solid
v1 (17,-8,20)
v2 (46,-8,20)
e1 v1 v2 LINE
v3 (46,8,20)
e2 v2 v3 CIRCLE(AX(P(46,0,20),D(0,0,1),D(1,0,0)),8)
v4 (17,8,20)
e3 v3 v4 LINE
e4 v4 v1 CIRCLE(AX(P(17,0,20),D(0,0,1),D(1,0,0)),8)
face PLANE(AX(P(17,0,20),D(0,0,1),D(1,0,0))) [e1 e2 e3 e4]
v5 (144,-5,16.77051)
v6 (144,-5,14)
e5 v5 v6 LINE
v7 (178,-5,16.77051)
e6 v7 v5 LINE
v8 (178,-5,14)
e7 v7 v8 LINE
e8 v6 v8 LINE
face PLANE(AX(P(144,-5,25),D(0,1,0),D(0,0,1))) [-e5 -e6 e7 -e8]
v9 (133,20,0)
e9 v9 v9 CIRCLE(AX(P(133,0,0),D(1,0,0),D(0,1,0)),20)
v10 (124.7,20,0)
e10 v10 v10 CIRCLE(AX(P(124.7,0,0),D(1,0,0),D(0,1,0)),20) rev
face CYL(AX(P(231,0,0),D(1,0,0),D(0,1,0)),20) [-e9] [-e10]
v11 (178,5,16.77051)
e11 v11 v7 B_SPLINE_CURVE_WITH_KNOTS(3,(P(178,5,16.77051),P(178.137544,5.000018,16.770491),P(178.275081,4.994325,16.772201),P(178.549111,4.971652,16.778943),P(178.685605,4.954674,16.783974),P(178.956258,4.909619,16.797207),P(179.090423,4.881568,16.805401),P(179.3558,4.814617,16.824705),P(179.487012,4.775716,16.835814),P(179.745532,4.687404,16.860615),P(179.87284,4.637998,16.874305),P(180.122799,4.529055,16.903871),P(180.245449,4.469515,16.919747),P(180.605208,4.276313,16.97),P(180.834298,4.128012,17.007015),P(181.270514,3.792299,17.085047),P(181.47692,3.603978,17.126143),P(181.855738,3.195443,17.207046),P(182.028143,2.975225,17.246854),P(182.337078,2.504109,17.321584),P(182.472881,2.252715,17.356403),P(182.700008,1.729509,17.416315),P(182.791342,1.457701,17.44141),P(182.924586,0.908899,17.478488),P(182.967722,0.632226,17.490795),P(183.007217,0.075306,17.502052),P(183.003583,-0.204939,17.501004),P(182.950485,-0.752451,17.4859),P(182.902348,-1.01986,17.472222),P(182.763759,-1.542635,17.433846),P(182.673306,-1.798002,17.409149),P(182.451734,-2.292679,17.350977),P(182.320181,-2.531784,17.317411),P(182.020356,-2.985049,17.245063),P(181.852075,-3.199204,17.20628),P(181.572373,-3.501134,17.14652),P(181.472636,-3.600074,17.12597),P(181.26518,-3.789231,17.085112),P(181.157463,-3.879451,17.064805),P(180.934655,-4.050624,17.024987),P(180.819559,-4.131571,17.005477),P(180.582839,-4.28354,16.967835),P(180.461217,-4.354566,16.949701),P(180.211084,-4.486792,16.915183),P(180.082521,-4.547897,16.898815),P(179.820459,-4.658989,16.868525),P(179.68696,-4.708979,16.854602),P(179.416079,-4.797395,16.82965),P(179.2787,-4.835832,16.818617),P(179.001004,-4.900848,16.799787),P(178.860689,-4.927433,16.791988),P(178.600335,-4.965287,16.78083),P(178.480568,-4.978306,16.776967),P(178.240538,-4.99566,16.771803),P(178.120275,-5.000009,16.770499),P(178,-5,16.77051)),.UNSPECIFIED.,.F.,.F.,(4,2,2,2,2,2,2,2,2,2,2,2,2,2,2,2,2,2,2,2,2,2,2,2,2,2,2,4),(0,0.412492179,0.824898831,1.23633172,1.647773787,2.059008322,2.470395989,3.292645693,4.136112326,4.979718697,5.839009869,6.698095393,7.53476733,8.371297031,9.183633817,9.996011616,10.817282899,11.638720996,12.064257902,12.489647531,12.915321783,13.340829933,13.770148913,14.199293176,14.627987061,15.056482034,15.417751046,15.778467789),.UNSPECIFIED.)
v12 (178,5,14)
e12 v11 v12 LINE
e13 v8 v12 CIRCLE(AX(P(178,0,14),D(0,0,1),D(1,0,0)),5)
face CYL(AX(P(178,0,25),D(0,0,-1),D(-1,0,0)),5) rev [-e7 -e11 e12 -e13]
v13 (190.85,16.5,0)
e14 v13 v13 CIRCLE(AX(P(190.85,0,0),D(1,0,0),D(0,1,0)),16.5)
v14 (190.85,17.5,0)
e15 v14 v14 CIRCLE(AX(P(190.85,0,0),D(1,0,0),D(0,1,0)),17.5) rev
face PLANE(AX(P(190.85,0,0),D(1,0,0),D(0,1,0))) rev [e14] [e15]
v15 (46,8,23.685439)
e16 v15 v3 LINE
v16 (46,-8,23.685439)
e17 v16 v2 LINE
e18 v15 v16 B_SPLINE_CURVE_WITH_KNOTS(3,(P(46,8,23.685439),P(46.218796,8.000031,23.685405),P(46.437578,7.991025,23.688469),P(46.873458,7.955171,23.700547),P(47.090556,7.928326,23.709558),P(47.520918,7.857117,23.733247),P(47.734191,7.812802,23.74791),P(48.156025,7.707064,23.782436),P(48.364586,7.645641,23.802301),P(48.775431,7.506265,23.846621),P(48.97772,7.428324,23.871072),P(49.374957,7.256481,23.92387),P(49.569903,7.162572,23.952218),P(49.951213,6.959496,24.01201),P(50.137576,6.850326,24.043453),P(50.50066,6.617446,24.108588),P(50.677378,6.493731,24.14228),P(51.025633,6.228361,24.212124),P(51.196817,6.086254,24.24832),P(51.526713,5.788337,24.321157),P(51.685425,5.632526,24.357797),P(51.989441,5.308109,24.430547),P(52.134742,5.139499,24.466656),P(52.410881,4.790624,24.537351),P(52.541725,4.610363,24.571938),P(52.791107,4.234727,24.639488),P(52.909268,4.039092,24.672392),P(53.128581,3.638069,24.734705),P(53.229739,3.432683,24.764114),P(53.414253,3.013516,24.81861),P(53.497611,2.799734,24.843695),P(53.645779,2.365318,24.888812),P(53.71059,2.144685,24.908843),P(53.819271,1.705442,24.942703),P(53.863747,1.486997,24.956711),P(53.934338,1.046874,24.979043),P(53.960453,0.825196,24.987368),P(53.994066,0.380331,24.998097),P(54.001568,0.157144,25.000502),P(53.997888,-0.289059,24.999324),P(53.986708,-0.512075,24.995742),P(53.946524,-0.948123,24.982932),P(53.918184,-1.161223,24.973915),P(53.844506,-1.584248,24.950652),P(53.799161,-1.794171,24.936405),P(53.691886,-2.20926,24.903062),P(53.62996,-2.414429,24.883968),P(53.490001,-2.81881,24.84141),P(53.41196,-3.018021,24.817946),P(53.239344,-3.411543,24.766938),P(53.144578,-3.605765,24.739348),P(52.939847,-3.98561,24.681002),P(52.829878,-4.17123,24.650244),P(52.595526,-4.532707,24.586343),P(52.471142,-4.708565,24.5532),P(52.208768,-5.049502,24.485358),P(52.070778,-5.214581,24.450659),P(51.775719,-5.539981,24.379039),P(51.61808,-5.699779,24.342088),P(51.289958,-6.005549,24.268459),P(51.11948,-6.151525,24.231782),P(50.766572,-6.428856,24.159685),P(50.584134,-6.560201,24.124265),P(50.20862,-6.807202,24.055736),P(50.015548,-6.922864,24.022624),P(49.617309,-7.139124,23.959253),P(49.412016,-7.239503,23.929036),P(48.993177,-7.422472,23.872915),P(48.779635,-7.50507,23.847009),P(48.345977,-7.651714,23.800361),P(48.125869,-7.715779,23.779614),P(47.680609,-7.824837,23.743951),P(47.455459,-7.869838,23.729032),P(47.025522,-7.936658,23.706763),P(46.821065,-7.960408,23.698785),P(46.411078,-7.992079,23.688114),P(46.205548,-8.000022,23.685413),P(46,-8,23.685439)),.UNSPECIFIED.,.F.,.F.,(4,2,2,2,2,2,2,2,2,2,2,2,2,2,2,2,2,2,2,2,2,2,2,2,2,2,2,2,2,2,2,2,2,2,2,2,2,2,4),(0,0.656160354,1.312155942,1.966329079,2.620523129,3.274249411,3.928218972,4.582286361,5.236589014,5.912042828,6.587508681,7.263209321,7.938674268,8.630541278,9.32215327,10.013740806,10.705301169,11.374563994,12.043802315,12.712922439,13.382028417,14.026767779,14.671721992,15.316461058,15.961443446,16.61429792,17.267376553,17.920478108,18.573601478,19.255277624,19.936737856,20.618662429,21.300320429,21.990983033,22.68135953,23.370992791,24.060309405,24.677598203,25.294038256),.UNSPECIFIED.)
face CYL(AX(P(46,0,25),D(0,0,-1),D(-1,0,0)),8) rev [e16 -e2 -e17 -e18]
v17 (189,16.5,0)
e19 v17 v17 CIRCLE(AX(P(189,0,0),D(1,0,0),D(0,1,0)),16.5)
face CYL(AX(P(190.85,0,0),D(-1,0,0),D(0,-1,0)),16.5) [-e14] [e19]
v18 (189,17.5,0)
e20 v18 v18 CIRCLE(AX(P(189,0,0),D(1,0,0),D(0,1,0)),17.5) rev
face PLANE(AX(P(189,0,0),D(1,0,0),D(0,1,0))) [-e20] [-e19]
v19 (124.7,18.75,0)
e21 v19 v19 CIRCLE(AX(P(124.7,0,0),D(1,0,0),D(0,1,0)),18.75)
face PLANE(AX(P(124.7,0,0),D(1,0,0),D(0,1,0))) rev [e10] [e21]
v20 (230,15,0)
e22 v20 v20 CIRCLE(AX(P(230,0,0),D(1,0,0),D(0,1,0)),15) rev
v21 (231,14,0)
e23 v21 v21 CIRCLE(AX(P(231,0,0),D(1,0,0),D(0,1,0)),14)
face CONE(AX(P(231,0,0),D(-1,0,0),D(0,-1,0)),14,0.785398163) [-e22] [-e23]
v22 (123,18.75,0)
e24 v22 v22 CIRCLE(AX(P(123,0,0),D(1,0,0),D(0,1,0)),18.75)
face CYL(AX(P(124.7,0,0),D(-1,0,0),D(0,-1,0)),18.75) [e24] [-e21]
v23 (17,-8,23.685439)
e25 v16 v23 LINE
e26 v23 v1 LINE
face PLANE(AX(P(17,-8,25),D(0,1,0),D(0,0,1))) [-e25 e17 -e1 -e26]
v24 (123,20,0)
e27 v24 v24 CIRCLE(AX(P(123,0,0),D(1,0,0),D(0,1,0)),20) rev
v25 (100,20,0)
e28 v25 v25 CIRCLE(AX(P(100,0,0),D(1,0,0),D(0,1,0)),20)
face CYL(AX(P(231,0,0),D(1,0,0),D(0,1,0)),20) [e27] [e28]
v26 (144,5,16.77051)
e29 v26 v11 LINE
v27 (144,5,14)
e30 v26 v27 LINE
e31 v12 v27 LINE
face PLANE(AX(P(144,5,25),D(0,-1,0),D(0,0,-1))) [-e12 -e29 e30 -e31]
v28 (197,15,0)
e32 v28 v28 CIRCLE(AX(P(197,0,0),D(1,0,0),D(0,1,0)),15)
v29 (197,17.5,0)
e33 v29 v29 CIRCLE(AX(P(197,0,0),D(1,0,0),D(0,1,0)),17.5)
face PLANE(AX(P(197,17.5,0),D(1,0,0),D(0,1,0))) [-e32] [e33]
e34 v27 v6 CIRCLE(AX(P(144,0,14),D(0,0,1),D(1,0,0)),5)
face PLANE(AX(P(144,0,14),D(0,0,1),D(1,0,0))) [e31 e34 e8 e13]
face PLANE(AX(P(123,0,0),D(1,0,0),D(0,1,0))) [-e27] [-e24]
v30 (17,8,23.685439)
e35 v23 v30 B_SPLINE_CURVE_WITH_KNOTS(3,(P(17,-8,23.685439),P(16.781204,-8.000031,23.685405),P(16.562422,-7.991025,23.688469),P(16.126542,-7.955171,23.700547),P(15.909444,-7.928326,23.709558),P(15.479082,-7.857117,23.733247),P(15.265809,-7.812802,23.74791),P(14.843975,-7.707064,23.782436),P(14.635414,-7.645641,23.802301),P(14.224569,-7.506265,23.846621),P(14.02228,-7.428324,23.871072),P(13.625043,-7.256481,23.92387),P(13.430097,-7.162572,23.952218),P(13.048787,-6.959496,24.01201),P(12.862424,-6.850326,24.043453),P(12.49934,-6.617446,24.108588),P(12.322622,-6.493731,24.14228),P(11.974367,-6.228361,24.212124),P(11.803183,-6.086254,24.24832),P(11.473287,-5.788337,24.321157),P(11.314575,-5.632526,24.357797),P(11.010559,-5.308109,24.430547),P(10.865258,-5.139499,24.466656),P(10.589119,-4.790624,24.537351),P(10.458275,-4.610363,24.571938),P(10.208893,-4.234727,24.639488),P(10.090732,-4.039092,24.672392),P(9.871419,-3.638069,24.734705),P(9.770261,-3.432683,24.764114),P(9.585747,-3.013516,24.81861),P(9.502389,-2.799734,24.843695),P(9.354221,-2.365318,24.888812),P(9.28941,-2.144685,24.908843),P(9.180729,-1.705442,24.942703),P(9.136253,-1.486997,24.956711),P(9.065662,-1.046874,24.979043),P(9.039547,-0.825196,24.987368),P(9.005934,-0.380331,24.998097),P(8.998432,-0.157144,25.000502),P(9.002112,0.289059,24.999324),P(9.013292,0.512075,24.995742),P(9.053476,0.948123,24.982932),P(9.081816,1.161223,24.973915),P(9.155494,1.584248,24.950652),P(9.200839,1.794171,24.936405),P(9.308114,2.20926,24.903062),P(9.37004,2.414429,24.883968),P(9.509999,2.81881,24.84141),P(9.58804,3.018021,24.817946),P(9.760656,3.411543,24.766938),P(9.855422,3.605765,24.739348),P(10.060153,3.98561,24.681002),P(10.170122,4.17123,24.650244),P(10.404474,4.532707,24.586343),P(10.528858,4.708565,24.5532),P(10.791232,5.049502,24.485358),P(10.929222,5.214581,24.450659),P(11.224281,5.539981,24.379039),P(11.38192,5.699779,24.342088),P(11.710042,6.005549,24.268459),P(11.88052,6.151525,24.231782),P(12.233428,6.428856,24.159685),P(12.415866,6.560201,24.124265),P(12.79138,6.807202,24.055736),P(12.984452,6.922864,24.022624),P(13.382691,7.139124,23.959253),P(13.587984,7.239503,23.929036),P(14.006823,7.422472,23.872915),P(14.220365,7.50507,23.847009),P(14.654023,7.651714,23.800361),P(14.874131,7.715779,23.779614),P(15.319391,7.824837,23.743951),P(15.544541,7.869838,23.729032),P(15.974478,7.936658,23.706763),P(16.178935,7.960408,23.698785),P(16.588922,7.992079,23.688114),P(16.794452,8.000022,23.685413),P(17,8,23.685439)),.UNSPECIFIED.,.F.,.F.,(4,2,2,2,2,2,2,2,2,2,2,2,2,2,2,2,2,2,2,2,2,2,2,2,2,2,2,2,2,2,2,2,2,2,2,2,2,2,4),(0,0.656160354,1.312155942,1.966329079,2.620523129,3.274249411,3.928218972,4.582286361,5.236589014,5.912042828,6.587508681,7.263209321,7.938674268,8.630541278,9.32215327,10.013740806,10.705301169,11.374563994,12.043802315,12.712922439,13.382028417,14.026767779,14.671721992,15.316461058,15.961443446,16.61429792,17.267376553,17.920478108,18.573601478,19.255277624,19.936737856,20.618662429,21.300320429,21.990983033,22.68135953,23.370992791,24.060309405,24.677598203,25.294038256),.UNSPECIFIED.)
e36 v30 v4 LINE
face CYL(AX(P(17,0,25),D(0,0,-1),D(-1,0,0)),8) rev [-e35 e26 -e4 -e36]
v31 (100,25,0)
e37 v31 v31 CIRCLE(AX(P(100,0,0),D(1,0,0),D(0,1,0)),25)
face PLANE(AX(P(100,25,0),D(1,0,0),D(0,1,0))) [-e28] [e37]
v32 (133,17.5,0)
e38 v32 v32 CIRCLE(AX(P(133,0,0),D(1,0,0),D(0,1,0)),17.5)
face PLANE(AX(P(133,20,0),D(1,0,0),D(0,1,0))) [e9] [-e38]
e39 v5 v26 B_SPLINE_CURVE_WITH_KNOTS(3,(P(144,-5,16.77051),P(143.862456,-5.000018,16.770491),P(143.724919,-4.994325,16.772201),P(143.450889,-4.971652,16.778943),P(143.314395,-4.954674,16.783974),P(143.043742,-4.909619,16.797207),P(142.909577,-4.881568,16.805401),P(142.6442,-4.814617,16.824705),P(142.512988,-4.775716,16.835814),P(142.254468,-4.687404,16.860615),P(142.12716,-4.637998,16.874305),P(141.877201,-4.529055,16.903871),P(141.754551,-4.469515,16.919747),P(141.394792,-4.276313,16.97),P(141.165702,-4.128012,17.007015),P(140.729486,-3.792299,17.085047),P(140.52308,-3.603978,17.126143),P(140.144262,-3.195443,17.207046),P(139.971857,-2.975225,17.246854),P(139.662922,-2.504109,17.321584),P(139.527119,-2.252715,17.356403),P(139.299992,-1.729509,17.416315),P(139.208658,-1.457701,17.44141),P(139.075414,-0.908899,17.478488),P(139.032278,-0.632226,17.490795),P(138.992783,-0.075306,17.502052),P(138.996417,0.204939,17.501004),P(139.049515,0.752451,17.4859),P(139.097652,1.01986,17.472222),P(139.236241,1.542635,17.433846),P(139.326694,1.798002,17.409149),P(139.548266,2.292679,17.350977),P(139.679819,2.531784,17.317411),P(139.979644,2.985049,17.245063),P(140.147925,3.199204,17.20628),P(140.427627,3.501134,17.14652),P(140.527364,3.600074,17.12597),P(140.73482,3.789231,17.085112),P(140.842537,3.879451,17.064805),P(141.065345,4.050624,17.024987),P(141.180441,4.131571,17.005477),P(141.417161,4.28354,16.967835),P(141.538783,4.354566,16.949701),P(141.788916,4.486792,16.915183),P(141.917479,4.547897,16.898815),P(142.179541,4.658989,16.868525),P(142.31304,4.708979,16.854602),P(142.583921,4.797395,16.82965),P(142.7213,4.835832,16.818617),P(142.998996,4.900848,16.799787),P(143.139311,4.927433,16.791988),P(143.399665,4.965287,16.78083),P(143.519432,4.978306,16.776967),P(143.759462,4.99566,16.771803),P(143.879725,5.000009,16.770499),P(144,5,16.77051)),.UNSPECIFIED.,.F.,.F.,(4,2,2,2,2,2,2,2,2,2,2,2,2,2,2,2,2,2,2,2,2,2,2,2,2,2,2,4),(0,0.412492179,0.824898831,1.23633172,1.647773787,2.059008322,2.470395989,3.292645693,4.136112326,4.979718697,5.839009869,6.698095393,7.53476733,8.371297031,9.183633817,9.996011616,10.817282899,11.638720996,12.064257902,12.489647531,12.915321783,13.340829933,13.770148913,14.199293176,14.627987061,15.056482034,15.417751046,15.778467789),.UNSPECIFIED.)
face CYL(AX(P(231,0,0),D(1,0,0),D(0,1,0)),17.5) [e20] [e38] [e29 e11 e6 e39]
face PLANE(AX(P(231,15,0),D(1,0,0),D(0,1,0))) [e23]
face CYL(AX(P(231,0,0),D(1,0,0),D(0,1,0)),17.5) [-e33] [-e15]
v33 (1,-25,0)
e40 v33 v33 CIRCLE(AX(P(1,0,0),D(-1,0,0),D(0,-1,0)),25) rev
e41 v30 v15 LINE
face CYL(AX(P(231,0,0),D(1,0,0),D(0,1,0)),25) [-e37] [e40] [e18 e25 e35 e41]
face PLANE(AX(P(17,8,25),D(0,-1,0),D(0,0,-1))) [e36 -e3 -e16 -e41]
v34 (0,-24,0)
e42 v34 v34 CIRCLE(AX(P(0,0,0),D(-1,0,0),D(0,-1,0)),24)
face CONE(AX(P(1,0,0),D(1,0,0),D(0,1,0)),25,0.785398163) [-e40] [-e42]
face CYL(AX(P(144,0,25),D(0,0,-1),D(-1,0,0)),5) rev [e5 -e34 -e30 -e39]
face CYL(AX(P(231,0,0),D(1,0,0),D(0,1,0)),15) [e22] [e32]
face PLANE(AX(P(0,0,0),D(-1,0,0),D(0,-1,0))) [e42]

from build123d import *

# Parameters (mm, degrees)
CHAMFER_1_SIZE      = 1
CUT_EXTRUDE_START   = -8
SKETCH_2_OUTSIDE_W  = 100.316
SKETCH_2_OUTSIDE_H  = 100.316
SKETCH_2_OUTSIDE_R  = 16.5
CUT_EXTRUDE_1_DEPTH = 1.85
CUT_EXTRUDE_START_2 = -10
SKETCH_3_OUTSIDE_W  = 100.316
SKETCH_3_OUTSIDE_H  = 100.316
SKETCH_3_OUTSIDE_R  = 18.75
CUT_EXTRUDE_2_DEPTH = 1.7
CUT_EXTRUDE_START_3 = 20
CUT_EXTRUDE_3_DEPTH = 214.689965553
CUT_EXTRUDE_START_4 = 14
CUT_EXTRUDE_4_DEPTH = 220.689965574


with BuildPart() as part:
    # 草图1 → 旋转1 (revolve)
    with BuildSketch(Plane.XY):
        Polygon((0, 0), (0, 25), (100, 25), (100, 20), (133, 20), (133, 17.5), (197, 17.5), (197, 15), (231, 15), (231, 0), align=None)
    revolve(axis=Axis((231, 0, 0), (-1, 0, 0)))

    # 倒角1
    chamfer_1_edges = [part.edges().sort_by_distance(p)[0] for p in [
        (0, -25, 0),
        (231, -15, 0),
    ]]
    chamfer(chamfer_1_edges, length=CHAMFER_1_SIZE)

    # 草图2 outside → 切除-拉伸1 (cut)
    with BuildSketch(Plane(origin=(197, 0, 0), x_dir=(0, 0, -1), z_dir=(1, 0, 0)).offset(CUT_EXTRUDE_START)):
        Rectangle(SKETCH_2_OUTSIDE_W, SKETCH_2_OUTSIDE_H)
        with Locations(Location((0, 0, 0), (0, 0, 90))):
            Circle(SKETCH_2_OUTSIDE_R, mode=Mode.SUBTRACT)
    extrude(amount=CUT_EXTRUDE_1_DEPTH, mode=Mode.SUBTRACT)

    # 草图3 outside → 切除-拉伸2 (cut)
    with BuildSketch(Plane(origin=(133, 0, 0), x_dir=(0, 0, -1), z_dir=(1, 0, 0)).offset(CUT_EXTRUDE_START_2)):
        Rectangle(SKETCH_3_OUTSIDE_W, SKETCH_3_OUTSIDE_H)
        with Locations(Location((0, 0, 0), (0, 0, 90))):
            Circle(SKETCH_3_OUTSIDE_R, mode=Mode.SUBTRACT)
    extrude(amount=CUT_EXTRUDE_2_DEPTH, mode=Mode.SUBTRACT)

    # 草图4 → 切除-拉伸3 (cut, through all)
    with BuildSketch(Plane.XY.offset(CUT_EXTRUDE_START_3)):
        with BuildLine():
            Line((17, 8), (46, 8))
            ThreePointArc((46, 8), (54, 0), (46, -8))
            Line((46, -8), (17, -8))
            ThreePointArc((17, -8), (9, 0), (17, 8))
        make_face()
    extrude(amount=CUT_EXTRUDE_3_DEPTH, mode=Mode.SUBTRACT)

    # 草图5 → 切除-拉伸4 (cut, through all)
    with BuildSketch(Plane.XY.offset(CUT_EXTRUDE_START_4)):
        with BuildLine():
            Line((144, 5), (178, 5))
            ThreePointArc((178, 5), (183, 0), (178, -5))
            Line((178, -5), (144, -5))
            ThreePointArc((144, -5), (139, 0), (144, 5))
        make_face()
    extrude(amount=CUT_EXTRUDE_4_DEPTH, mode=Mode.SUBTRACT)


solid = part.part
